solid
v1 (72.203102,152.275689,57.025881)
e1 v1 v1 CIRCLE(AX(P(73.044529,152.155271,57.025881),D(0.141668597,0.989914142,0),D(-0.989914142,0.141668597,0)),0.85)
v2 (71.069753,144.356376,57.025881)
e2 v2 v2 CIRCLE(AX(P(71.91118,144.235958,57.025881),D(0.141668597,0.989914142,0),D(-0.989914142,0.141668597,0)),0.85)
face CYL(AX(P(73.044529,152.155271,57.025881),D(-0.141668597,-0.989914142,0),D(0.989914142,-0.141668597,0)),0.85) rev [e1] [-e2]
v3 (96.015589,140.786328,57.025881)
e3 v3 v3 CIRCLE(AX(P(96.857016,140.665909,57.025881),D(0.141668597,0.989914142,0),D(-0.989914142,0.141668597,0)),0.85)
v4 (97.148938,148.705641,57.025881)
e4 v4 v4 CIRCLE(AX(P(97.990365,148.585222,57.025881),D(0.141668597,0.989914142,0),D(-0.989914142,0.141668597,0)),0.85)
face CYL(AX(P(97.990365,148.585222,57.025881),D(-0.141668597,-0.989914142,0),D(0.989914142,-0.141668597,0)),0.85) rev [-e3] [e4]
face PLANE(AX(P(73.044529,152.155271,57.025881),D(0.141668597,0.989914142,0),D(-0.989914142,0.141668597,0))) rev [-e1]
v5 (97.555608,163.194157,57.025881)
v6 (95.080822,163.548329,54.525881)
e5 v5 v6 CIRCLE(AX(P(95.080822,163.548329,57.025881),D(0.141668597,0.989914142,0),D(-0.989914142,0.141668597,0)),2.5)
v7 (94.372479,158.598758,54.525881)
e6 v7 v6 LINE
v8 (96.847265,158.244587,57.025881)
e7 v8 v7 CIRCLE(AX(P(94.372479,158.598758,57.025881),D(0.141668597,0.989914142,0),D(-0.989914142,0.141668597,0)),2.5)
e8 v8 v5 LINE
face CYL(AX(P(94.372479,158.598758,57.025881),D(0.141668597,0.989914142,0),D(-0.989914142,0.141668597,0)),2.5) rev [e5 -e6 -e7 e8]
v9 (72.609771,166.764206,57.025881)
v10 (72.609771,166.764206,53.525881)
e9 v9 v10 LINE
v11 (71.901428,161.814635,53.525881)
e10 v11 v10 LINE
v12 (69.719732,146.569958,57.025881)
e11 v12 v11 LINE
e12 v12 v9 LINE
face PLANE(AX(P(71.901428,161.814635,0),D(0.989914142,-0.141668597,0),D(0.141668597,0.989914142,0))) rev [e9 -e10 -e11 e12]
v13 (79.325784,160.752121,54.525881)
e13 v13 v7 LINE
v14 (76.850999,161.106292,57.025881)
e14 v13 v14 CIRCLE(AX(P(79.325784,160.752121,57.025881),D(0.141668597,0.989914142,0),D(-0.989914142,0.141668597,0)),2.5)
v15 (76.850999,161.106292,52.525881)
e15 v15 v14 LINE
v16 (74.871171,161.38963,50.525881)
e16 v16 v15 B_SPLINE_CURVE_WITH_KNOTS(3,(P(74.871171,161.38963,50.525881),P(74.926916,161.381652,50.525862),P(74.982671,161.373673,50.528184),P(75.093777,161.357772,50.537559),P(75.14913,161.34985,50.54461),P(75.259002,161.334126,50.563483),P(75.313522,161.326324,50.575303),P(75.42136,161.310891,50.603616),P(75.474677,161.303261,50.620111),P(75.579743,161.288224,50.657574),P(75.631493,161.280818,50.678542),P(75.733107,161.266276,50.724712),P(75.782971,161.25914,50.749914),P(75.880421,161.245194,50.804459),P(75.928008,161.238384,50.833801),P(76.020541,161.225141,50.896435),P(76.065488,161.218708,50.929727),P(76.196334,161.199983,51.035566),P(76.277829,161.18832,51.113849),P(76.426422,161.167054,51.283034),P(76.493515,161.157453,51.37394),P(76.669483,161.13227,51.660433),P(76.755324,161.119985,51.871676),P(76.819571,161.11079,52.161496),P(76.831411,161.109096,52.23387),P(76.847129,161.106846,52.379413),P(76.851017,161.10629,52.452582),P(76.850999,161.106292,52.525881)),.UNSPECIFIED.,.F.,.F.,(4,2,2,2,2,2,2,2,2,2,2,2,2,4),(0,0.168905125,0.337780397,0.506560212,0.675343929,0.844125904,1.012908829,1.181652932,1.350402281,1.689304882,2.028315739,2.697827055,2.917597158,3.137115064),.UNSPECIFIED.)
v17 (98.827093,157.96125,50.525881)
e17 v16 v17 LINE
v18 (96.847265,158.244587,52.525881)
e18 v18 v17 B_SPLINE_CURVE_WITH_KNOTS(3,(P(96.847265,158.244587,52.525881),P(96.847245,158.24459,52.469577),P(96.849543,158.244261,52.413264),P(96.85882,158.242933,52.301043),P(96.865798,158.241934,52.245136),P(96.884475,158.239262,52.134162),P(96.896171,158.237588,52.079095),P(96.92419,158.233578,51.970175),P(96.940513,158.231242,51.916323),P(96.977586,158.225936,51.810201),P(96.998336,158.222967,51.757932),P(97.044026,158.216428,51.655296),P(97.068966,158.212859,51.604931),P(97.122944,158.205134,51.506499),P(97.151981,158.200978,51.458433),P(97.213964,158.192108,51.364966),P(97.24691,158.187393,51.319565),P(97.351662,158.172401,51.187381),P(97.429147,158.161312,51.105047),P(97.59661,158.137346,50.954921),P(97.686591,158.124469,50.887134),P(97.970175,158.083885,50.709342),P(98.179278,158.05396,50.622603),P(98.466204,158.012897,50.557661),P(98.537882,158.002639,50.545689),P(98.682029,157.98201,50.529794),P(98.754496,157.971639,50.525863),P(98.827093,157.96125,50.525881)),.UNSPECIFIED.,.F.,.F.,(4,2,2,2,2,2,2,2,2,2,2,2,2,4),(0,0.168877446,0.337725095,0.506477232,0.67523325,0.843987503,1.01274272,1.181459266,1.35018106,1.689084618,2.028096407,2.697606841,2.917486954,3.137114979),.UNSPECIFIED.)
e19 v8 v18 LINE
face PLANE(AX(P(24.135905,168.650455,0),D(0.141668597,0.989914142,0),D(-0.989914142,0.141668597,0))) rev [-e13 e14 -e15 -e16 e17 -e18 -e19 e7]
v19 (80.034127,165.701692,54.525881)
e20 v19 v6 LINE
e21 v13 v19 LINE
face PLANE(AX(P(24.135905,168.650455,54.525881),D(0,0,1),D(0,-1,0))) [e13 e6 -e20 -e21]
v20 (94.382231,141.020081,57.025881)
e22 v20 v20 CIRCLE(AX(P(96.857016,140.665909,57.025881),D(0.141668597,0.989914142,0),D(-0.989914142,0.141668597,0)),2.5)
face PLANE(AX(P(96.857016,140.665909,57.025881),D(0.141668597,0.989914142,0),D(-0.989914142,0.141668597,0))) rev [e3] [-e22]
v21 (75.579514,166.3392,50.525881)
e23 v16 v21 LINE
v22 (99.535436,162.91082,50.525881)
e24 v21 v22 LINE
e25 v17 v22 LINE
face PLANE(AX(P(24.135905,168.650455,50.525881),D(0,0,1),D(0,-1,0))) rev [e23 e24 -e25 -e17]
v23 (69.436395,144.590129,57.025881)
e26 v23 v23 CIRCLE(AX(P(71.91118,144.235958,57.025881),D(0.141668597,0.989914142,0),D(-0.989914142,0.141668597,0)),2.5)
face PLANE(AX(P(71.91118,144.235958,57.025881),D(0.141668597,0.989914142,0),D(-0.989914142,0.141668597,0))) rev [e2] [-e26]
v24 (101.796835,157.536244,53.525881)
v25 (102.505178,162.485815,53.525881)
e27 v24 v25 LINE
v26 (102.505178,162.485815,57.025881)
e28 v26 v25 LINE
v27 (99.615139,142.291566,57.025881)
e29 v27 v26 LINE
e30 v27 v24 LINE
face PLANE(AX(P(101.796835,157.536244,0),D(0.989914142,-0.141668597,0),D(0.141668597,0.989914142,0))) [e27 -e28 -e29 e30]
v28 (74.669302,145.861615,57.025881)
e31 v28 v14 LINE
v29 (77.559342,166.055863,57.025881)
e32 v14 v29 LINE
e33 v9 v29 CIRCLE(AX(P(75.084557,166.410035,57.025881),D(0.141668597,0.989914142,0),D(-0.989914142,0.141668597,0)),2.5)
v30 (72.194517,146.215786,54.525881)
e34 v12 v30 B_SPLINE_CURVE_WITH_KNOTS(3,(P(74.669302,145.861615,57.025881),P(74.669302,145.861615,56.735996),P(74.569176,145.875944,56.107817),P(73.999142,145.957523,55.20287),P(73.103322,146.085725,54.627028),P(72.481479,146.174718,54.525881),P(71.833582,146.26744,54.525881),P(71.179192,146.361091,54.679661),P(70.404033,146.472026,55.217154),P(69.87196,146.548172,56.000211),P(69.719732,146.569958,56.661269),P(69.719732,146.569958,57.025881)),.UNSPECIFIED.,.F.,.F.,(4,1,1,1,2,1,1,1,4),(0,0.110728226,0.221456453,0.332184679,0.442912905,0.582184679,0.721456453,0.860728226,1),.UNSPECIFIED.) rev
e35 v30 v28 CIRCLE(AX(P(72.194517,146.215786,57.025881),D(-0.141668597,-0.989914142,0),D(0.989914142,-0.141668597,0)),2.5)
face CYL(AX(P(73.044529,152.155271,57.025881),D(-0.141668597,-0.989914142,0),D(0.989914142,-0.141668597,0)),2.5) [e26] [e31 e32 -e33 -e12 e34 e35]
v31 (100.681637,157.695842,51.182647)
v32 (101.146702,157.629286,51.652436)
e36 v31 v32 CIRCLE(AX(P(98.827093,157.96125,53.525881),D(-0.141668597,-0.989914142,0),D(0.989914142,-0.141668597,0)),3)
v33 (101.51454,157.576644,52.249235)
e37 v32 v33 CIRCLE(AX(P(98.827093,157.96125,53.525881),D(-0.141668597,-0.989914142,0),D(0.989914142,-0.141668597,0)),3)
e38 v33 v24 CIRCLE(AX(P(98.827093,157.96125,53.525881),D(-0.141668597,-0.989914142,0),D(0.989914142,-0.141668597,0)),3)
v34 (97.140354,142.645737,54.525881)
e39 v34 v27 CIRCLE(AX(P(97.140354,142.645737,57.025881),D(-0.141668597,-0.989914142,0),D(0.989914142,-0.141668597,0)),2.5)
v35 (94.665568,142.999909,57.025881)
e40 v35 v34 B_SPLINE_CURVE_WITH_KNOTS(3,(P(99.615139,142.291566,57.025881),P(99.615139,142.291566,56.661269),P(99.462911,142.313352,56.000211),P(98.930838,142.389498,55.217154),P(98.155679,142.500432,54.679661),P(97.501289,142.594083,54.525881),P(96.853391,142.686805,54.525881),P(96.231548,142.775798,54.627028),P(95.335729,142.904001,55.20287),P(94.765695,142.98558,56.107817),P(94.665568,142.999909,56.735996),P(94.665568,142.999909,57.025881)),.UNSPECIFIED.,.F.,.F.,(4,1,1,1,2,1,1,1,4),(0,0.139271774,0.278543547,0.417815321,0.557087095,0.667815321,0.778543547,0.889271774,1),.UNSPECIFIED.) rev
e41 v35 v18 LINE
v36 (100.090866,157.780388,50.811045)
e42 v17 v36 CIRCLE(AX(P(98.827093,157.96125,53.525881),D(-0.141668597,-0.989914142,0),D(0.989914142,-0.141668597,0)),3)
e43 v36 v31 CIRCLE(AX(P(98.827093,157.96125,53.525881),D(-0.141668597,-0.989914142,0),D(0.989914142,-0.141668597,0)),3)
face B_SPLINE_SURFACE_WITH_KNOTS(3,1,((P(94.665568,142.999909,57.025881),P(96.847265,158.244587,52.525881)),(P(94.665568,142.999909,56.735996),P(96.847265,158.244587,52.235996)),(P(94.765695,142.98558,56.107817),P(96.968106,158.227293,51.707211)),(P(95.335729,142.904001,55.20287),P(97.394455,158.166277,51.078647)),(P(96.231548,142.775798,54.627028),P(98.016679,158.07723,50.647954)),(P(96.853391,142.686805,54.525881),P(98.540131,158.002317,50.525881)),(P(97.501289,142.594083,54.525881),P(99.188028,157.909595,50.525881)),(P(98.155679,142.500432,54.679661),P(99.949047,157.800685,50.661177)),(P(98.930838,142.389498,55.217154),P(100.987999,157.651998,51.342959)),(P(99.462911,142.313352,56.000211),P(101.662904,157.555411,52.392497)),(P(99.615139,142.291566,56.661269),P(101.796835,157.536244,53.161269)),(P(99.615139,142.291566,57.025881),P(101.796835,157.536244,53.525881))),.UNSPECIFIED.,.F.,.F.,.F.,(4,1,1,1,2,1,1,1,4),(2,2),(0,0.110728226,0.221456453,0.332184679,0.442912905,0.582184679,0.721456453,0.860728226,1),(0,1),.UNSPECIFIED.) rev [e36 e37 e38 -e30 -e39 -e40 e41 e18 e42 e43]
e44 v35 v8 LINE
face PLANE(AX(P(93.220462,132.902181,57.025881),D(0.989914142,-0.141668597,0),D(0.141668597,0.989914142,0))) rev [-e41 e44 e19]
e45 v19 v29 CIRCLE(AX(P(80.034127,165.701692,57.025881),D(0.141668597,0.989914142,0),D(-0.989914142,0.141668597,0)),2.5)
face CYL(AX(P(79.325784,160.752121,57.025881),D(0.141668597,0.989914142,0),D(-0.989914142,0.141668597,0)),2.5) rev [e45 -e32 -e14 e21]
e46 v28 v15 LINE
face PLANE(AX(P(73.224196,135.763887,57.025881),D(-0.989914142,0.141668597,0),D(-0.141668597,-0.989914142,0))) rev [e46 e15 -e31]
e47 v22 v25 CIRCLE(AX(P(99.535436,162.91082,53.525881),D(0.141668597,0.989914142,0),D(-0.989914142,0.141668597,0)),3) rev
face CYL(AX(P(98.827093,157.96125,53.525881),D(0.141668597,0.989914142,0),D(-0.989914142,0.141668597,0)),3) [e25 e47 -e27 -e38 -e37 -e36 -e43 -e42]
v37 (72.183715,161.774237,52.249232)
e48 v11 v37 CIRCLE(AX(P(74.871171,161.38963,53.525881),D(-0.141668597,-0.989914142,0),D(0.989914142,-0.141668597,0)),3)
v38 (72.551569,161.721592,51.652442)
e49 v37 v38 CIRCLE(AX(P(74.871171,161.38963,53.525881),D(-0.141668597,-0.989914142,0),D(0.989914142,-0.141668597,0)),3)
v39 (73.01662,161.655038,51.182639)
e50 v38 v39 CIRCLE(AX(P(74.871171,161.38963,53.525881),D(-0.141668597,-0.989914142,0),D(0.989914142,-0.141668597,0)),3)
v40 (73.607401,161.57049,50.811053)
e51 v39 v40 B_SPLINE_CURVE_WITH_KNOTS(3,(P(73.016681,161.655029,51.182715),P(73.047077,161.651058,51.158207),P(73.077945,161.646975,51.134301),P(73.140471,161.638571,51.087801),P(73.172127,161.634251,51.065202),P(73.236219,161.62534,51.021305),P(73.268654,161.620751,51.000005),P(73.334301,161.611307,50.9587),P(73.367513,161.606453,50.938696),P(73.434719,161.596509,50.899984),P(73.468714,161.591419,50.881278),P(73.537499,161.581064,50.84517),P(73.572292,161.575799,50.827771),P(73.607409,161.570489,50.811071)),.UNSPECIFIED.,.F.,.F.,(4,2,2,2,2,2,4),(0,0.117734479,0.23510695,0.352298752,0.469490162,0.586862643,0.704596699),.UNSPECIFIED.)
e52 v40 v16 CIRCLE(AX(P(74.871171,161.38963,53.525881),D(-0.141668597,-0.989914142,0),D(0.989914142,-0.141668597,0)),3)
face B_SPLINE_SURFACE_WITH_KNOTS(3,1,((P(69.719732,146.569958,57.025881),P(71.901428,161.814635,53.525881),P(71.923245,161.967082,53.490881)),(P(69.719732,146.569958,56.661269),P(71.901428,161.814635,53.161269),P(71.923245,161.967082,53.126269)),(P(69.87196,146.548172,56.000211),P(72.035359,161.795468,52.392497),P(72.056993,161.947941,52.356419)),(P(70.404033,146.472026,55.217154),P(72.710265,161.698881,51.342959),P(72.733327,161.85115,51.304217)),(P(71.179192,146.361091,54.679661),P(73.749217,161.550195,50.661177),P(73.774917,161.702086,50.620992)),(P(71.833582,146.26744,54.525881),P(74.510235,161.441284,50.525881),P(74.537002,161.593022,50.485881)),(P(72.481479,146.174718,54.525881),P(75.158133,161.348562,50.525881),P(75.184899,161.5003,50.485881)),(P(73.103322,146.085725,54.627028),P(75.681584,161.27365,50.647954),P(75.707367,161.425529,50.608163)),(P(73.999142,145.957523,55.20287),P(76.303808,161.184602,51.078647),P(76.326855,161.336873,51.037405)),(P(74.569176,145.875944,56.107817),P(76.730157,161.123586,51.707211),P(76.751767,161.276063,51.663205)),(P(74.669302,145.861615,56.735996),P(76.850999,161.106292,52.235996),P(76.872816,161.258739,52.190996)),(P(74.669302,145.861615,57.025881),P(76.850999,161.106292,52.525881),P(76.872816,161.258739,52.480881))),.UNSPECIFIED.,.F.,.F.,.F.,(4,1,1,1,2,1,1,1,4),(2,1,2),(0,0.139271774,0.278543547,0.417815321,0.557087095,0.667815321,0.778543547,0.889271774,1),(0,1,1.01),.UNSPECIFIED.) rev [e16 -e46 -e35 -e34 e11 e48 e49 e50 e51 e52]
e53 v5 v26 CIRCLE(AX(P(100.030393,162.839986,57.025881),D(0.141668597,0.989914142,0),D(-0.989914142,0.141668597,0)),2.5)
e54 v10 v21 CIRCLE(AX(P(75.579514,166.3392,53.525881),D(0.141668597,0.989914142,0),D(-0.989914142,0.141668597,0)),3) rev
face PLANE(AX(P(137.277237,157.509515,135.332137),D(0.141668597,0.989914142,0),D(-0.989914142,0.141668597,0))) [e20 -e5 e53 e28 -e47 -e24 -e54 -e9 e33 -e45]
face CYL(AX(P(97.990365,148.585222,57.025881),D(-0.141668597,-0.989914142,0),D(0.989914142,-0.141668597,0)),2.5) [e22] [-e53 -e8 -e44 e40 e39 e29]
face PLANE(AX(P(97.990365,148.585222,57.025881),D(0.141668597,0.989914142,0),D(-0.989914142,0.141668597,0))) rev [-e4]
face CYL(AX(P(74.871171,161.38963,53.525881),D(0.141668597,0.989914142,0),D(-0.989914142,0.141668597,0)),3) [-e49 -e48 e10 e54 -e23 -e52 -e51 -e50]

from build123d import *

# Parameters (mm, degrees)
SKETCH1_R             = 2.5
SKETCH1_R_2           = 0.85
BOSS_EXTRUDE1_DEPTH   = 8
BOSS_EXTRUDE1_2_DEPTH = 8
SKETCH2_R             = 2.5
BOSS_EXTRUDE2_DEPTH   = 14.4
BOSS_EXTRUDE3_DEPTH   = 5
BOSS_EXTRUDE4_DEPTH   = 15.4


with BuildPart() as part:
    # Sketch1 → Boss-Extrude1 (new body)
    with BuildSketch(Plane(origin=(21.67087115, 151.425949174, 0), x_dir=(0.989914142, -0.141668597, 0), z_dir=(0.141668597, 0.989914142, 0))):
        with Locations((75.952188142, -57.025881449)):
            Circle(SKETCH1_R)
        with Locations((75.952188142, -57.025881449)):
            Circle(SKETCH1_R_2, mode=Mode.SUBTRACT)
    extrude(amount=BOSS_EXTRUDE1_DEPTH)



with BuildPart() as body_2:
    # Sketch1 → Boss-Extrude1 2 (new body)
    with BuildSketch(Plane(origin=(21.67087115, 151.425949174, 0), x_dir=(0.989914142, -0.141668597, 0), z_dir=(0.141668597, 0.989914142, 0))):
        with Locations((50.752188142, -57.025881449)):
            Circle(SKETCH1_R)
        with Locations((50.752188142, -57.025881449)):
            Circle(SKETCH1_R_2, mode=Mode.SUBTRACT)
    extrude(amount=BOSS_EXTRUDE1_2_DEPTH)


with BuildPart() as part_1:
    add(part.part)

    add(body_2.part)  # Boss-Extrude2 merges body 2
    # Sketch2 → Boss-Extrude2 (add)
    with BuildSketch(Plane(origin=(22.804219929, 159.34526231, 0), x_dir=(0.989914142, -0.141668597, 0), z_dir=(0.141668597, 0.989914142, 0))):
        with Locations((75.952188142, -57.025881449)):
            Circle(SKETCH2_R)
        with Locations((50.752188142, -57.025881449)):
            Circle(SKETCH2_R)
    extrude(amount=BOSS_EXTRUDE2_DEPTH)

    # Sketch3 → Boss-Extrude3 (add)
    with BuildSketch(Plane(origin=(24.84424773, 173.600025954, 0), x_dir=(0.989914142, -0.141668597, 0), z_dir=(0.141668597, 0.989914142, 0))):
        with BuildLine():
            ThreePointArc((53.252188142, -57.025881449), (53.984421189, -55.258114497), (55.752188142, -54.525881449))
            Line((55.752188142, -54.525881449), (70.952188142, -54.525881449))
            ThreePointArc((70.952188142, -54.525881449), (72.719955095, -55.258114497), (73.452188142, -57.025881449))
            ThreePointArc((73.452188142, -57.025881449), (75.952188142, -54.525881449), (78.452188142, -57.025881449))
            Line((78.452188142, -57.025881449), (78.452188142, -53.525881449))
            ThreePointArc((78.452188142, -53.525881449), (77.573508485, -51.404561106), (75.452188142, -50.525881449))
            Line((75.452188142, -50.525881449), (51.252188142, -50.525881449))
            ThreePointArc((51.252188142, -50.525881449), (49.130867798, -51.404561106), (48.252188142, -53.525881449))
            Line((48.252188142, -53.525881449), (48.252188142, -57.025881449))
            Line((48.252188142, -57.025881449), (53.252188142, -57.025881449))
        make_face()
    extrude(amount=-BOSS_EXTRUDE3_DEPTH)

    # Sketch4 → Boss-Extrude4 (add)
    with BuildSketch(Plane(origin=(24.135904744, 168.650455244, 0), x_dir=(0.989914142, -0.141668597, 0), z_dir=(-0.141668597, -0.989914142, 0))):
        with BuildLine():
            Line((53.252188142, 57.025881449), (53.252188142, 52.525881449))
            ThreePointArc((53.252188142, 52.525881449), (52.666401704, 51.111667887), (51.252188142, 50.525881449))
            ThreePointArc((51.252188142, 50.525881449), (49.130867798, 51.404561106), (48.252188142, 53.525881449))
            Line((48.252188142, 53.525881449), (48.252188142, 57.025881449))
            ThreePointArc((48.252188142, 57.025881449), (50.752188142, 54.525881449), (53.252188142, 57.025881449))
        make_face()
        with BuildLine():
            Line((73.452188142, 57.025881449), (73.452188142, 52.525881449))
            ThreePointArc((73.452188142, 52.525881449), (74.037974579, 51.111667887), (75.452188142, 50.525881449))
            ThreePointArc((75.452188142, 50.525881449), (77.573508485, 51.404561106), (78.452188142, 53.525881449))
            Line((78.452188142, 53.525881449), (78.452188142, 57.025881449))
            ThreePointArc((78.452188142, 57.025881449), (75.952188142, 54.525881449), (73.452188142, 57.025881449))
        make_face()
    extrude(amount=BOSS_EXTRUDE4_DEPTH)

    # Sketch9 → Cut-Loft7 section 0
    with BuildSketch(Plane(origin=(21.954208345, 153.405777458, 0), x_dir=(0.989914142, -0.141668597, 0), z_dir=(-0.141668597, -0.989914142, 0))):
        with BuildLine():
            Line((48.252188142, 57.025881449), (43.252188142, 57.025881449))
            ThreePointArc((43.252188142, 57.025881449), (45.448887283, 51.722580591), (50.752188142, 49.525881449))
            ThreePointArc((50.752188142, 49.525881449), (56.055489001, 51.722580591), (58.252188142, 57.025881449))
            Line((58.252188142, 57.025881449), (53.252188142, 57.025881449))
            ThreePointArc((53.252188142, 57.025881449), (52.519955095, 55.258114497), (50.752188142, 54.525881449))
            ThreePointArc((50.752188142, 54.525881449), (48.984421189, 55.258114497), (48.252188142, 57.025881449))
        make_face()
    # Sketch8 → Cut-Loft7 section 1
    with BuildSketch(Plane(origin=(24.135904744, 168.650455244, 0), x_dir=(0.989914142, -0.141668597, 0), z_dir=(-0.141668597, -0.989914142, 0))):
        with BuildLine():
            Line((48.252188142, 53.525881449), (45.252188142, 53.525881449))
            ThreePointArc((45.252188142, 53.525881449), (47.009547455, 49.283240762), (51.252188142, 47.525881449))
            ThreePointArc((51.252188142, 47.525881449), (54.787722048, 48.990347544), (56.252188142, 52.525881449))
            Line((56.252188142, 52.525881449), (53.252188142, 52.525881449))
            ThreePointArc((53.252188142, 52.525881449), (52.666401704, 51.111667887), (51.252188142, 50.525881449))
            ThreePointArc((51.252188142, 50.525881449), (49.130867798, 51.404561106), (48.252188142, 53.525881449))
        make_face()
    loft(mode=Mode.SUBTRACT)

    # Sketch9<3> → Cut-Loft8 section 0
    with BuildSketch(Plane(origin=(21.954208345, 153.405777458, 0), x_dir=(0.989914142, -0.141668597, 0), z_dir=(-0.141668597, -0.989914142, 0))):
        with BuildLine():
            Line((73.452188142, 57.025881449), (68.452188142, 57.025881449))
            ThreePointArc((68.452188142, 57.025881449), (70.648887283, 51.722580591), (75.952188142, 49.525881449))
            ThreePointArc((75.952188142, 49.525881449), (81.255489001, 51.722580591), (83.452188142, 57.025881449))
            Line((83.452188142, 57.025881449), (78.452188142, 57.025881449))
            ThreePointArc((78.452188142, 57.025881449), (77.719955095, 55.258114497), (75.952188142, 54.525881449))
            ThreePointArc((75.952188142, 54.525881449), (74.184421189, 55.258114497), (73.452188142, 57.025881449))
        make_face()
    # Sketch8<8> → Cut-Loft8 section 1
    with BuildSketch(Plane(origin=(24.135904744, 168.650455244, 0), x_dir=(0.989914142, -0.141668597, 0), z_dir=(-0.141668597, -0.989914142, 0))):
        with BuildLine():
            Line((73.452188142, 52.525881449), (70.452188142, 52.525881449))
            ThreePointArc((70.452188142, 52.525881449), (71.916654236, 48.990347544), (75.452188142, 47.525881449))
            ThreePointArc((75.452188142, 47.525881449), (79.694828829, 49.283240762), (81.452188142, 53.525881449))
            Line((81.452188142, 53.525881449), (78.452188142, 53.525881449))
            ThreePointArc((78.452188142, 53.525881449), (77.573508485, 51.404561106), (75.452188142, 50.525881449))
            ThreePointArc((75.452188142, 50.525881449), (74.037974579, 51.111667887), (73.452188142, 52.525881449))
        make_face()
    loft(mode=Mode.SUBTRACT)


solid = part_1.part
